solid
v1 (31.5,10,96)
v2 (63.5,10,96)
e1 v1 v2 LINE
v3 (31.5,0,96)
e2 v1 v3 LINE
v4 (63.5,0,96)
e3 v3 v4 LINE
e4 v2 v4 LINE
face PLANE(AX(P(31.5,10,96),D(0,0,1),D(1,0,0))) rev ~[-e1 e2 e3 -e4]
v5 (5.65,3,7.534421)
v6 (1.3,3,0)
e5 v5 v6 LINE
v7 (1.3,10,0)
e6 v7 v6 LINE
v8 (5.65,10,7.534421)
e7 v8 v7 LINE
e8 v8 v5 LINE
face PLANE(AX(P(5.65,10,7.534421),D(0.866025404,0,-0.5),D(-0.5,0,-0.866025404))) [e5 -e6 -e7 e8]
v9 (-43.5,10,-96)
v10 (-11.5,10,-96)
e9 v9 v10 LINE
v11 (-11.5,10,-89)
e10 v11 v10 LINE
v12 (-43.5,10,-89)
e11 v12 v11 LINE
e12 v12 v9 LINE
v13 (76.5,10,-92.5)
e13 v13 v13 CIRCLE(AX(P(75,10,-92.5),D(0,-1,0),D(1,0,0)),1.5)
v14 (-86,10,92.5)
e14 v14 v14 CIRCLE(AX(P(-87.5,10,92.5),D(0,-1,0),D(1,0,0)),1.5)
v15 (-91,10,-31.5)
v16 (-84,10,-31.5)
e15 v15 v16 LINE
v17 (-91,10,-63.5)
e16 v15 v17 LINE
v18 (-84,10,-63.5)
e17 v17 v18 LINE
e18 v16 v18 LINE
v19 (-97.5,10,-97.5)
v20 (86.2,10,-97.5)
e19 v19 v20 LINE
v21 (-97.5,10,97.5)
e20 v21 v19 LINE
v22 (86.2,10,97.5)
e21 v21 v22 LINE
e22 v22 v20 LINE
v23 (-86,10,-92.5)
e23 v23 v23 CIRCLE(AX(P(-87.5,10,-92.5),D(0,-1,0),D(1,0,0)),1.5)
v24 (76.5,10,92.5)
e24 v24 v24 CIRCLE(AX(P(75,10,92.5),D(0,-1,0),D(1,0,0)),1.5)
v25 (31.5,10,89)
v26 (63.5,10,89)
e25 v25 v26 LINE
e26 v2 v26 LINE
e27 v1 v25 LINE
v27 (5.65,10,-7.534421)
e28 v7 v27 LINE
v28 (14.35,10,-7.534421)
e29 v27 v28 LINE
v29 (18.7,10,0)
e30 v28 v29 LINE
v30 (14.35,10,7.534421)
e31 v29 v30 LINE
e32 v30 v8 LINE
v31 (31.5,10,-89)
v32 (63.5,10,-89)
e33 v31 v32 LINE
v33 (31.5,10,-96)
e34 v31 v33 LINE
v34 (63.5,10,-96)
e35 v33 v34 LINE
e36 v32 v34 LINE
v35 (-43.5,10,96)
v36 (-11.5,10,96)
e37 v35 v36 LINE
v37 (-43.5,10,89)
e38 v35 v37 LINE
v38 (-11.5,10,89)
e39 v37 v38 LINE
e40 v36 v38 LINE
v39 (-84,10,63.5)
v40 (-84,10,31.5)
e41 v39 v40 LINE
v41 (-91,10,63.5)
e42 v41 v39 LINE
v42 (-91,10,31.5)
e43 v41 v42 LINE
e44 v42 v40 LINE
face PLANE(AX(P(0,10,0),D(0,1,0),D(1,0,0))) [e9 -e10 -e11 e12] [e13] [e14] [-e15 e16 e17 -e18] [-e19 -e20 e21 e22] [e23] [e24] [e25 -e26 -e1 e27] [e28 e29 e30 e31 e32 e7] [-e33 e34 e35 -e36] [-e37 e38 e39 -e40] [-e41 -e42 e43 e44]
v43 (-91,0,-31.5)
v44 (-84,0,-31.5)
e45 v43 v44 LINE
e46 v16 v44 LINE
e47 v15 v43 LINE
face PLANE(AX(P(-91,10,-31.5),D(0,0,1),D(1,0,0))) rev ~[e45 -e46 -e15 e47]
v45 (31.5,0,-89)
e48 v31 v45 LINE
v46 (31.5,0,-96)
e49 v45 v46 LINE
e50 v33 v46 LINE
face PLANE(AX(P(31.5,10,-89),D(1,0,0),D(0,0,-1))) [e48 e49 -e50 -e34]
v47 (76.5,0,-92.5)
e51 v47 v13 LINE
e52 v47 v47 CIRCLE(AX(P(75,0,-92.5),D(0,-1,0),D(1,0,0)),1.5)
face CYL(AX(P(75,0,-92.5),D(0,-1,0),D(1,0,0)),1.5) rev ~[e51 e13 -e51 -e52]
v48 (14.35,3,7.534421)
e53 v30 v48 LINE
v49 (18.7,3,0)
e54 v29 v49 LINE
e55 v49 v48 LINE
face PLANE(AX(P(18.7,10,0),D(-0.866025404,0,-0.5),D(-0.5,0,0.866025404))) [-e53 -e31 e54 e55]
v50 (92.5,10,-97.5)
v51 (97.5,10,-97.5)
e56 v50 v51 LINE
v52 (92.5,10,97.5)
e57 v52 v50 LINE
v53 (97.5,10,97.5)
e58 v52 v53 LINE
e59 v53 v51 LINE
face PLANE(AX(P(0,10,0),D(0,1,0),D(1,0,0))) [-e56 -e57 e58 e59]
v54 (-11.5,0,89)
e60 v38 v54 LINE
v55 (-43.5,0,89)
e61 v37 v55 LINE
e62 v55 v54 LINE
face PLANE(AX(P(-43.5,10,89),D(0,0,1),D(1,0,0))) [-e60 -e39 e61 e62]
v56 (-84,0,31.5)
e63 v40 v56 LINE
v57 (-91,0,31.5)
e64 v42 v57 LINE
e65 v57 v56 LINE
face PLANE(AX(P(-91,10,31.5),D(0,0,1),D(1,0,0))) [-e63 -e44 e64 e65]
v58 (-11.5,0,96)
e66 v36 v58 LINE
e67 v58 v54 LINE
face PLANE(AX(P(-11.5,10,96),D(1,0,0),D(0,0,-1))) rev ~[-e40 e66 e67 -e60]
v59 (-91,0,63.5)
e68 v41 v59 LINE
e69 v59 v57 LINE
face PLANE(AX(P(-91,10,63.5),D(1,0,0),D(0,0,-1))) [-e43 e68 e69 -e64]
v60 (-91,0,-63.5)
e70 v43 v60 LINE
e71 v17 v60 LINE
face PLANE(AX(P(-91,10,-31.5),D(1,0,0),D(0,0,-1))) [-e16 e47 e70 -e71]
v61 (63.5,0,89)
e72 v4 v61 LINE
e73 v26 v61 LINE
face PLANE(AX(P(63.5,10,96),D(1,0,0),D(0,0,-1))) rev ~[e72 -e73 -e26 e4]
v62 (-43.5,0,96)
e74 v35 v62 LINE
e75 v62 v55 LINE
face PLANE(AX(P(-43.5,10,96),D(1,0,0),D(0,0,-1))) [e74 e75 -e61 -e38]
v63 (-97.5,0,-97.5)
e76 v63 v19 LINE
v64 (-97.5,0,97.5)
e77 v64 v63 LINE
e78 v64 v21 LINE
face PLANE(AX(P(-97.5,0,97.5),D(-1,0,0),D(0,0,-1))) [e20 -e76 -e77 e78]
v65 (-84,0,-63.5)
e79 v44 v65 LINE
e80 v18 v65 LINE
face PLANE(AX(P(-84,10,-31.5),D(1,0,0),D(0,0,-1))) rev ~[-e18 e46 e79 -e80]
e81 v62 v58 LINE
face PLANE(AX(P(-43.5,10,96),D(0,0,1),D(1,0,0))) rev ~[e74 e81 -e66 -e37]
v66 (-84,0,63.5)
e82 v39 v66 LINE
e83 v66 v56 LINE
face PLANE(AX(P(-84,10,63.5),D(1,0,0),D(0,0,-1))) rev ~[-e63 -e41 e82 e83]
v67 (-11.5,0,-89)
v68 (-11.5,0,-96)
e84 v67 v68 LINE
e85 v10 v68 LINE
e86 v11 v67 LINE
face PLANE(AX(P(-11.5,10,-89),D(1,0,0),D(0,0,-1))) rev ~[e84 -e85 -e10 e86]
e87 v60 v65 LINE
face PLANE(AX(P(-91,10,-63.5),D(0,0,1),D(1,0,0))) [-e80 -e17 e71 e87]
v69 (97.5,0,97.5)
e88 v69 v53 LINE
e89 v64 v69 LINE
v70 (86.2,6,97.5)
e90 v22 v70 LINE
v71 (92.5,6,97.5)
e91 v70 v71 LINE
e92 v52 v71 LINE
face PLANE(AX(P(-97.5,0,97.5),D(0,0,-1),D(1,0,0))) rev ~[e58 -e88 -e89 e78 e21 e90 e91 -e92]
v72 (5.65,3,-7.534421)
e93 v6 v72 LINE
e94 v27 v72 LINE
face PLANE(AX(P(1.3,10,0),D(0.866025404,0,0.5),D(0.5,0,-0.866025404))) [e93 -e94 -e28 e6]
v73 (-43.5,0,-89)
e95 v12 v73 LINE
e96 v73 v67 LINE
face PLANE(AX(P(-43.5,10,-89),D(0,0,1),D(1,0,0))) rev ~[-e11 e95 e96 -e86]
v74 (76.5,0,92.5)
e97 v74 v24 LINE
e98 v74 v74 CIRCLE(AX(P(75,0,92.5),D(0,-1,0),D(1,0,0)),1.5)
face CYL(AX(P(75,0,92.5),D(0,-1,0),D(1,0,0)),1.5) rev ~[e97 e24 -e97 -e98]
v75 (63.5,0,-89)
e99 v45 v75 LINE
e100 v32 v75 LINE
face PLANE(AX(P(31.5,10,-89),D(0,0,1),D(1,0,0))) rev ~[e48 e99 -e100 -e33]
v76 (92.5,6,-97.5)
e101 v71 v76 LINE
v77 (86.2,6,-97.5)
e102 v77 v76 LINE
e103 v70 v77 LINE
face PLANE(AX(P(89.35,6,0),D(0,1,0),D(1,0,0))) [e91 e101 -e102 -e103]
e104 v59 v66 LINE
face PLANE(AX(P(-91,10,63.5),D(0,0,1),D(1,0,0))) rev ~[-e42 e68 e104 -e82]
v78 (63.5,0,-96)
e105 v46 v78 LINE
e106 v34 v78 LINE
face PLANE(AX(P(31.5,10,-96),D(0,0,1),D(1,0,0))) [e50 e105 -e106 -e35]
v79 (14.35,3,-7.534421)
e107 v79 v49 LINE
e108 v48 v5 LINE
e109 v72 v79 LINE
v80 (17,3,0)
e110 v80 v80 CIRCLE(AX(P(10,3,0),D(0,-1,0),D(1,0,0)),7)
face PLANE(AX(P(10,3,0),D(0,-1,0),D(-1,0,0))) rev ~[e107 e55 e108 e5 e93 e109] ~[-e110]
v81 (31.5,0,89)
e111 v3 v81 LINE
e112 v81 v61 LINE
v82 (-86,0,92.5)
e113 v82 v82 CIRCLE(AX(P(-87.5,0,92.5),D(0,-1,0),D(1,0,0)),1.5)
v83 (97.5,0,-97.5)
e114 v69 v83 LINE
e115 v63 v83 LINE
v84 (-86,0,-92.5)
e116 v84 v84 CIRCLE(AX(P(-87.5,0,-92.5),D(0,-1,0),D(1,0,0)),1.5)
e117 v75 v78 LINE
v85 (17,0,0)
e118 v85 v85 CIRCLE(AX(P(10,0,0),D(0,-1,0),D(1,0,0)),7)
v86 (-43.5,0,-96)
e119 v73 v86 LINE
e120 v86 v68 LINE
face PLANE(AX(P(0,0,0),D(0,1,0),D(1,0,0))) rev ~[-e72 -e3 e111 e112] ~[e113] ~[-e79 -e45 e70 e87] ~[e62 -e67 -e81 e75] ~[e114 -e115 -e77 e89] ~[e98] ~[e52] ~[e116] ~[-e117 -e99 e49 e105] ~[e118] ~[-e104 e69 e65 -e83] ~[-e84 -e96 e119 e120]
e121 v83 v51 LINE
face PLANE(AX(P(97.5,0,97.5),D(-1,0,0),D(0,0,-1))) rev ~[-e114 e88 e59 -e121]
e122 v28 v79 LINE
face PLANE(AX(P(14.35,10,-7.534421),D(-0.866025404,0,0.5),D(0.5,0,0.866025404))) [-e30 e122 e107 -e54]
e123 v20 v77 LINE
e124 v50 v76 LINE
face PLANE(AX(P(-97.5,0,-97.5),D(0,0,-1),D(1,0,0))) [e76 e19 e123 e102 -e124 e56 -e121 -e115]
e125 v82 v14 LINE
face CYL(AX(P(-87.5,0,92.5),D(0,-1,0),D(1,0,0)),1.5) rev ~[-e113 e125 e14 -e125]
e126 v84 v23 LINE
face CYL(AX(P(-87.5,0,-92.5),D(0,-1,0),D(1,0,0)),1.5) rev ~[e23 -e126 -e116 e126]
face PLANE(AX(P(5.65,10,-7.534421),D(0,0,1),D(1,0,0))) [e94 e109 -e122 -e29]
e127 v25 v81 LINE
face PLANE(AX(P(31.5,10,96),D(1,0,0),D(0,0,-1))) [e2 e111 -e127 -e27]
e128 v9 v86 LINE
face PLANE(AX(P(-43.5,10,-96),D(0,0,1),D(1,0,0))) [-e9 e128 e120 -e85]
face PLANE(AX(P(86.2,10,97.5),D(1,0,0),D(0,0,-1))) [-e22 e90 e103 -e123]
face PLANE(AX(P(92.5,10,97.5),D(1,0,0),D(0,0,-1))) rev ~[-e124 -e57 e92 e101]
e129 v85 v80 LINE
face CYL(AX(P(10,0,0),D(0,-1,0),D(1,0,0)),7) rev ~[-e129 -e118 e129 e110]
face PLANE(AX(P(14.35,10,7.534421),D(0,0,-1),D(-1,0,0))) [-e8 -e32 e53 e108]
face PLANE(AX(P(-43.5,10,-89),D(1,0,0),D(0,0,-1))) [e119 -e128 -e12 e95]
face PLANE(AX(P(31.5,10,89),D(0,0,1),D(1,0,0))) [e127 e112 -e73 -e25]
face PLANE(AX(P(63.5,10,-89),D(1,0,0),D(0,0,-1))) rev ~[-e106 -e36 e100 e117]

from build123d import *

# Parameters (mm, degrees)
ESBO_O1_W                = 195
ESBO_O1_H                = 195
RESSALTO_EXTRUS_O1_DEPTH = 10
ESBO_O2_W                = 7
ESBO_O2_H                = 32
ESBO_O2_W_2              = 32
ESBO_O2_H_2              = 7
CORTE_EXTRUS_O1_DEPTH    = 11
ESBO_O3_W                = 6.3
ESBO_O3_H                = 195
CORTE_EXTRUS_O2_DEPTH    = 4
ESBO_O4_R                = 1.5
CORTE_EXTRUS_O3_DEPTH    = 11
ESBO_O5_R                = 1.5
CORTE_EXTRUS_O4_DEPTH    = 11
ESBO_O6_R                = 7
CORTE_EXTRUS_O5_DEPTH    = 11
ESBO_O7_R                = 7
CORTE_EXTRUS_O6_DEPTH    = 7


with BuildPart() as part:
    # Esboço1 → Ressalto-extrusão1 (new body)
    with BuildSketch(Plane(origin=(0, 0, 0), x_dir=(1, 0, 0), z_dir=(0, 1, 0))):
        Rectangle(ESBO_O1_W, ESBO_O1_H)
    extrude(amount=RESSALTO_EXTRUS_O1_DEPTH)

    # Esboço2 → Corte-extrusão1 (cut, through all)
    with BuildSketch(Plane(origin=(0, 10, 0), x_dir=(1, 0, 0), z_dir=(0, 1, 0))):
        with Locations((-87.5, 47.5)):
            Rectangle(ESBO_O2_W, ESBO_O2_H)
        with Locations((-87.5, -47.5)):
            Rectangle(ESBO_O2_W, ESBO_O2_H)
        with Locations((-27.5, -92.5)):
            Rectangle(ESBO_O2_W_2, ESBO_O2_H_2)
        with Locations((47.5, -92.5)):
            Rectangle(ESBO_O2_W_2, ESBO_O2_H_2)
        with Locations((47.5, 92.5)):
            Rectangle(ESBO_O2_W_2, ESBO_O2_H_2)
        with Locations((-27.5, 92.5)):
            Rectangle(ESBO_O2_W_2, ESBO_O2_H_2)
    extrude(amount=-CORTE_EXTRUS_O1_DEPTH, mode=Mode.SUBTRACT)

    # Esboço3 → Corte-extrusão2 (cut)
    with BuildSketch(Plane(origin=(0, 10, 0), x_dir=(1, 0, 0), z_dir=(0, 1, 0))):
        with Locations((89.35, 0)):
            Rectangle(ESBO_O3_W, ESBO_O3_H)
    extrude(amount=-CORTE_EXTRUS_O2_DEPTH, mode=Mode.SUBTRACT)

    # Esboço4 → Corte-extrusão3 (cut, through all)
    with BuildSketch(Plane.XZ):
        with Locations((-87.5, 92.5)):
            Circle(ESBO_O4_R)
        with Locations((-87.5, -92.5)):
            Circle(ESBO_O4_R)
    extrude(amount=-CORTE_EXTRUS_O3_DEPTH, mode=Mode.SUBTRACT)

    # Esboço5 → Corte-extrusão4 (cut, through all)
    with BuildSketch(Plane.XZ):
        with Locations((75, 92.5)):
            Circle(ESBO_O5_R)
        with Locations((75, -92.5)):
            Circle(ESBO_O5_R)
    extrude(amount=-CORTE_EXTRUS_O4_DEPTH, mode=Mode.SUBTRACT)

    # Esboço6 → Corte-extrusão5 (cut, through all)
    with BuildSketch(Plane.XZ):
        with Locations((10, 0)):
            Circle(ESBO_O6_R)
    extrude(amount=-CORTE_EXTRUS_O5_DEPTH, mode=Mode.SUBTRACT)

    # Esboço7 → Corte-extrusão6 (cut)
    with BuildSketch(Plane(origin=(0, 10, 0), x_dir=(1, 0, 0), z_dir=(0, 1, 0))):
        Polygon((14.35, 7.534421013), (18.7, 0), (14.35, -7.534421013), (5.65, -7.534421013), (1.3, 0), (5.65, 7.534421013), align=None)
        with Locations((10, 0)):
            Circle(ESBO_O7_R, mode=Mode.SUBTRACT)
        with Locations((10, 0)):
            Circle(ESBO_O7_R)
    extrude(amount=-CORTE_EXTRUS_O6_DEPTH, mode=Mode.SUBTRACT)


solid = part.part
